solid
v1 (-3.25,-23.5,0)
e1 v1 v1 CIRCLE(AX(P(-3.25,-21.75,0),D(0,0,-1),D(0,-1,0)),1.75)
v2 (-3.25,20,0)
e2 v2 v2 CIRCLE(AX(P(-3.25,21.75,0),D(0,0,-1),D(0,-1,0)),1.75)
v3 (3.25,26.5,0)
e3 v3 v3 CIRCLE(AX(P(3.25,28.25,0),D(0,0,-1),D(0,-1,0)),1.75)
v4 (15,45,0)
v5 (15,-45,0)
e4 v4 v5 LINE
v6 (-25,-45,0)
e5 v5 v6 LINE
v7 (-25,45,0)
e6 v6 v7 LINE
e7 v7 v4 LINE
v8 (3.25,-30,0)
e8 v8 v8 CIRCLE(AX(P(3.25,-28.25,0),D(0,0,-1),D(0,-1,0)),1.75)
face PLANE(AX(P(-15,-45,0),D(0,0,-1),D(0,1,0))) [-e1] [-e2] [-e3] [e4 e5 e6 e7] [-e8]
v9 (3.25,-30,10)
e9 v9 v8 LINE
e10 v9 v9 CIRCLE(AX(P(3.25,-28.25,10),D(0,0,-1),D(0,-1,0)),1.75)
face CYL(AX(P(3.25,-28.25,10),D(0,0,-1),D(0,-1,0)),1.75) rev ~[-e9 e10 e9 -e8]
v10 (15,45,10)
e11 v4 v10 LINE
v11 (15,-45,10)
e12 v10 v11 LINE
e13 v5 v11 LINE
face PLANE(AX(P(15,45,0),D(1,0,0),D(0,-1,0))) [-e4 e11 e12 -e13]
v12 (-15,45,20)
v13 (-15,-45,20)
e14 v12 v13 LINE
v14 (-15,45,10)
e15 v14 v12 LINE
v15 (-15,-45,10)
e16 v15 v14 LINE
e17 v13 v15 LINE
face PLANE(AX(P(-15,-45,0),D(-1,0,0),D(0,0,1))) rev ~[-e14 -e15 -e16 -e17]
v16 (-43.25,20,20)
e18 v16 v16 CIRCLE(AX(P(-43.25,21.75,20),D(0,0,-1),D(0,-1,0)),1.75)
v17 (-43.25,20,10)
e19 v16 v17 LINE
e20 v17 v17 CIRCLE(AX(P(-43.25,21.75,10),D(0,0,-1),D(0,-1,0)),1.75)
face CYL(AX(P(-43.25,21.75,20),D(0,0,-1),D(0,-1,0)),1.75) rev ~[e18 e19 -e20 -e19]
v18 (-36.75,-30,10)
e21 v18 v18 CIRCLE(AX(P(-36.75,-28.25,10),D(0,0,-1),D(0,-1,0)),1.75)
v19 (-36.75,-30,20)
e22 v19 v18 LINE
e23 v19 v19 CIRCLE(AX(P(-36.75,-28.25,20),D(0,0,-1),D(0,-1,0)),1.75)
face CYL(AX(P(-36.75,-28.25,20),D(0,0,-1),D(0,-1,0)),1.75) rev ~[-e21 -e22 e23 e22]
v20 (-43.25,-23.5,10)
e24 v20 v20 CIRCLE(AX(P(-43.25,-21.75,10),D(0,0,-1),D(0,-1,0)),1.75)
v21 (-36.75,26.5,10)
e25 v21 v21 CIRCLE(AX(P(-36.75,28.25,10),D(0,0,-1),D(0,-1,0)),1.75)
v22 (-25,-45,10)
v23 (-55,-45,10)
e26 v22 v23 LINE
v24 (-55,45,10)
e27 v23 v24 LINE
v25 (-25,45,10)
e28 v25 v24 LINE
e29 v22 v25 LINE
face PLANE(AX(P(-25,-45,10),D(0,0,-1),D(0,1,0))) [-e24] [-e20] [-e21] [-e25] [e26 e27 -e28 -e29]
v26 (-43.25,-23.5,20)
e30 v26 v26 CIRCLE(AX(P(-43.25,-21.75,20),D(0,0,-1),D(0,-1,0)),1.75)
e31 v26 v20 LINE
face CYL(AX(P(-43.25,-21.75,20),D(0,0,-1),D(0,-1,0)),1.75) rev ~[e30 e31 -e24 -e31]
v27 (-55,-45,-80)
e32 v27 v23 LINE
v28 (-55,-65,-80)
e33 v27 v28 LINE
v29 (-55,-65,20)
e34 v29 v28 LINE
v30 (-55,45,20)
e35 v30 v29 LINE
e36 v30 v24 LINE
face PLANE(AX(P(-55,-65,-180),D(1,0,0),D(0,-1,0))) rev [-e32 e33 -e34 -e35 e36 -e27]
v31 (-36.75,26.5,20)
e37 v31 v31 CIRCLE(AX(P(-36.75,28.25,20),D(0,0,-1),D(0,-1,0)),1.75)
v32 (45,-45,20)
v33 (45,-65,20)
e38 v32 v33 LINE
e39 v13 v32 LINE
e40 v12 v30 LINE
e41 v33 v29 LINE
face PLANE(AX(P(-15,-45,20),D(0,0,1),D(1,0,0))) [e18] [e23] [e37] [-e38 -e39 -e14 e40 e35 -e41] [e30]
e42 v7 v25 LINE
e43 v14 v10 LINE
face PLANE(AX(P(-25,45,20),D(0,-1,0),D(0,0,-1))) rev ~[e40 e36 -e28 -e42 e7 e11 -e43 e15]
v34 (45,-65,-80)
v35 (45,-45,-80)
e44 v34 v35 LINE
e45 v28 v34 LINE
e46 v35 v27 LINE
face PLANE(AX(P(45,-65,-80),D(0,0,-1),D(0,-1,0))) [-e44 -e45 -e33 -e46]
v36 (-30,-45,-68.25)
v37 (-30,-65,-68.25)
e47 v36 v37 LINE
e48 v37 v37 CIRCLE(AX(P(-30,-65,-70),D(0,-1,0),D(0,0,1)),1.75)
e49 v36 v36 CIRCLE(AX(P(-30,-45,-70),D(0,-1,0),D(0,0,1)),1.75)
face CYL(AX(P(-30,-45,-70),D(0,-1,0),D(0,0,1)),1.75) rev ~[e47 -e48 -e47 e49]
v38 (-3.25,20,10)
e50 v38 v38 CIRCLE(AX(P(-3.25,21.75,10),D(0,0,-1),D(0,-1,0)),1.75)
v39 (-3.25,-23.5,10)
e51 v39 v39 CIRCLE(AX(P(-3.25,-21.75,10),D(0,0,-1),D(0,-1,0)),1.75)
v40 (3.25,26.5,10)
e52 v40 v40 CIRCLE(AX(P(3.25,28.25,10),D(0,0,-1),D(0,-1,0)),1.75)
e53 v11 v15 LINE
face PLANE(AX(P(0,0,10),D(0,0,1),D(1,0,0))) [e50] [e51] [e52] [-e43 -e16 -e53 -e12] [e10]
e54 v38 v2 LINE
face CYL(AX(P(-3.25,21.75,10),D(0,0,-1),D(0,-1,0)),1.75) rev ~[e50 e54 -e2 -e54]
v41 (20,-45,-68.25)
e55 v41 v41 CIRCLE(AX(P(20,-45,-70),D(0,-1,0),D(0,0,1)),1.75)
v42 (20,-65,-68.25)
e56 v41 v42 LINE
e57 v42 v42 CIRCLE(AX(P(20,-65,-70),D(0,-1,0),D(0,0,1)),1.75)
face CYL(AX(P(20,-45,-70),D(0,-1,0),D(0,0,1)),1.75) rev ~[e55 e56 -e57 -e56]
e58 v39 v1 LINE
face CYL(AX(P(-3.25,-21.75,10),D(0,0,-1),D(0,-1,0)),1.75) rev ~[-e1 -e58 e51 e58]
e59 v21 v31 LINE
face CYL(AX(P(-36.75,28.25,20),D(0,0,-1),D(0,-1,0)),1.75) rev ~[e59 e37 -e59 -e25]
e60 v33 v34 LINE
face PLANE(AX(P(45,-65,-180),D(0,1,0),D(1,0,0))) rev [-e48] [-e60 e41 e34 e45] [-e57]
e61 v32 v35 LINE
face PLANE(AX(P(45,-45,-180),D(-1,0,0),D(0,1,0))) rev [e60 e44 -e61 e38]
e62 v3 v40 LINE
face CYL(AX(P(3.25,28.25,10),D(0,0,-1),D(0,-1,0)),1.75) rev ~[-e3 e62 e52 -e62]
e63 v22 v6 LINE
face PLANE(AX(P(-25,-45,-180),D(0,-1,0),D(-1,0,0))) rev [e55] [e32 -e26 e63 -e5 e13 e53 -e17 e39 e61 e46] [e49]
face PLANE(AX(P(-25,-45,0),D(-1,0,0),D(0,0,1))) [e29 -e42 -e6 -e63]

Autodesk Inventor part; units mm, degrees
ref_plane "YZ Plane" through (0, 0, 0) normal (1, 0, 0) x (0, 1, 0)
ref_plane "XZ Plane" through (0, 0, 0) normal (0, 1, 0) x (-1, 0, 0)
ref_plane "XY Plane" through (0, 0, 0) normal (0, 0, 1) x (1, 0, 0)
sketch "Boceto1" plane through (0, 0, 0) normal (0, 0, 1) x (1, 0, 0)
  line L0 (-15, 45) -> (15, 45)
  line L1 (15, 45) -> (15, -45)
  line L2 (15, -45) -> (-15, -45)
  line L3 (-15, -45) -> (-15, 45)
  line L4 (-15, 45) -> (15, -45) construction
  line L5 (15, 45) -> (-15, -45) construction
  point P0 (0, 0)
  dimension "d0" = 30
  dimension "d1" = 90
extrude "Extrusión1" add sketch "Boceto1" along normal blind 10
sketch "Boceto2" plane through (0, 0, 10) normal (0, 0, 1) x (1, 0, 0)
  line L0 (15, 45) -> (15, -45)
  line L1 (5, 30) -> (5, 20)
  line L2 (-5, 30) -> (5, 30)
  line L3 (5, 20) -> (-5, 30) construction
  line L4 (5, 20) -> (-5, 20)
  line L5 (-5, 20) -> (5, 30) construction
  line L6 (-5, 20) -> (-5, 30)
  line L7 (24, 0) -> (9, 0)
  line L8 (-15, -45) -> (15, -45)
  line L9 (5, 25) -> (5.4102, 25)
  circle A0 centre (-3.25, 21.75) radius 1.75
  circle A1 centre (3.25, 28.25) radius 1.75
  line L10 (5, -20) -> (-5, -20)
  circle A2 centre (-3.25, -21.75) radius 1.75
  line L11 (5, -25) -> (5.4102, -25)
  line L12 (5, -30) -> (5, -20)
  line L13 (-5, -30) -> (5, -30)
  line L14 (5, -20) -> (-5, -30) construction
  line L15 (-5, -20) -> (5, -30) construction
  line L16 (-5, -20) -> (-5, -30)
  circle A3 centre (3.25, -28.25) radius 1.75
  line L17 (-15, -45) -> (-15, 45)
  line L18 (15, -45) -> (15, 45) projected
  line L19 (-15, -45) -> (15, -45) projected
  line L20 (-15, 45) -> (15, 45)
  line L21 (-3.25, 28.25) -> (3.25, 21.75)
  line L22 (-3.25, 21.75) -> (3.25, 28.25)
  point P0 (0, 0)
  point P1 (-113, 215)
  point P2 (-5, 25)
  point P3 (-3.25, -21.75)
  point P4 (3.25, -28.25)
  point P5 (-143, 115)
  point P6 (-3.25, -21.75)
  point P7 (-5, -25)
  point P8 (3.25, -28.25)
  point P9 (0, 25)
  point P10 (0, -25)
  dimension "d4" = 1.75
  dimension "d5" = 1.75
  dimension "d6" = 1.75
  dimension "d7" = 1.75
  dimension "d8" = 10
  dimension "d9" = 10
  dimension "d10" = 10
  dimension "d11" = 15
  dimension "d12" = 0
  dimension "d13" = 30
  dimension "d14" = 0
  dimension "d15" = 90
  dimension "d16" = 15
hole "Agujero1" at (3.25, 28.25, 10) at (-3.25, 21.75, 10) at (-3.25, -21.75, 10) at (3.25, -28.25, 10) direction (0, 0, -1) diameter 3.5 end through all
sketch "Boceto3" plane through (-15, -45, 0) normal (-1, 0, 0) x (0, 0, 1)
  line L0 (0, 0) -> (0, 90) projected
  line L1 (0, 90) -> (20, 90)
  line L2 (20, 90) -> (20, 0)
  line L3 (20, 0) -> (0, 0)
  line L4 (0, 0) -> (0, 90)
  point P0 (0, 45)
  dimension "d24" = 20
  dimension "d25" = 90
extrude "Extrusión2" add sketch "Boceto3" along normal blind 10
sketch "Boceto4" plane through (-25, -45, 0) normal (-1, 0, 0) x (0, 0, 1)
  line L0 (20, 90) -> (10, 90) projected
  line L1 (10, 0) -> (10, 90) projected
  line L2 (20, 90) -> (10, 90)
  line L3 (10, 90) -> (10, 0)
  line L4 (10, 0) -> (20, 0)
  line L5 (20, 0) -> (20, 90)
  point P0 (0, 45)
extrude "Extrusión3" add sketch "Boceto4" along normal blind 30
sketch "Boceto5" plane through (-15, -45, 20) normal (0, 0, 1) x (1, 0, 0)
  line L0 (-40, 0) -> (-70, 90)
  line L1 (-70, 90) -> (-40, 0)
  line L2 (-20, 75) -> (-20, 65)
  line L3 (-30, 75) -> (-20, 75)
  line L4 (-20, 65) -> (-30, 75) construction
  line L5 (-20, 65) -> (-30, 65)
  line L6 (-30, 65) -> (-20, 75) construction
  circle A0 centre (-28.25, 66.75) radius 1.75
  line L7 (-30, 65) -> (-30, 75)
  circle A1 centre (-21.75, 73.25) radius 1.75
  line L8 (-40, -20) -> (-40, 90)
  line L9 (-55, 45) -> (-143, 45)
  line L10 (-20, 25) -> (-30, 25)
  circle A2 centre (-28.25, 23.25) radius 1.75
  line L11 (-20, 15) -> (-20, 25)
  line L12 (-20, 25) -> (-30, 15) construction
  line L13 (-30, 25) -> (-20, 15) construction
  line L14 (-30, 25) -> (-30, 15)
  line L15 (-30, 15) -> (-20, 15)
  circle A3 centre (-21.75, 16.75) radius 1.75
  line L16 (-70, 0) -> (-40, 0)
  line L17 (0, 0) -> (-40, 0) projected
  line L18 (-40, 90) -> (-70, 90)
  line L19 (-40, 0) -> (-40, 90) projected
  point P0 (15, 45)
  point P1 (-30, 70)
  point P2 (-20, 70)
  point P3 (-20, 20)
  point P4 (-30, 20)
  point P5 (-55, 0)
  point P6 (-55, 90)
  dimension "d30" = 3.5
  dimension "d31" = 1.75
  dimension "d32" = 1.75
  dimension "d33" = 1.75
  dimension "d34" = 1.75
  dimension "d35" = 10
  dimension "d36" = 10
  dimension "d38" = 10
  dimension "d39" = -41.1096
  dimension "d40" = 15
  dimension "d41" = 0
  dimension "d42" = 15
  dimension "d43" = 90
  dimension "d45" = 0
hole "Agujero2" at (-36.75, 28.25, 20) at (-43.25, 21.75, 20) at (-43.25, -21.75, 20) at (-36.75, -28.25, 20) direction (0, 0, -1) diameter 3.5 end through all
sketch "Boceto6" plane through (-15, -45, 20) normal (0, 0, 1) x (1, 0, 0)
  line L0 (-10, 0) -> (-40, 0) projected
  line L1 (-40, 0) -> (60, 0)
  line L2 (60, 0) -> (60, -20)
  line L3 (60, -20) -> (-40, -20)
  line L4 (-40, -20) -> (-40, 0)
  point P0 (15, 45)
  dimension "d53" = 20
extrude "Extrusión4" add sketch "Boceto6" against normal blind 100
mirror "Simetría1" about plane through (-5, -55, -80) normal (0, 0, -1) of "Extrusión1", "Agujero1", "Extrusión2", "Agujero2", "Extrusión3", "Extrusión4"
ref_plane "Plano de trabajo2" through (45, -65, -80) normal (0, 0, -1) x (-1, 0, 0)
sketch "Boceto7" plane through (-15, -45, 20) normal (0, 1, 0) x (1, 0, 0)
  line L0 (30, 115) -> (30, 85)
  circle A0 centre (35, 90) radius 1.75
  line L1 (30, 85) -> (40, 85)
  line L2 (35, 110) -> (35, 90)
  circle A1 centre (35, 110) radius 1.75
  line L3 (40, 115) -> (30, 85) construction
  line L4 (40, 115) -> (30, 115)
  line L5 (30, 115) -> (40, 85) construction
  line L6 (40, 85) -> (40, 115)
  line L7 (60, 0) -> (60, 200) projected
  line L8 (-40, 0) -> (60, 0) projected
  line L9 (10, 0) -> (10, 134.4524)
  line L10 (-10, 115) -> (-10, 85)
  circle A2 centre (-15, 110) radius 1.75
  line L11 (-20, 115) -> (-10, 115)
  circle A3 centre (-15, 90) radius 1.75
  line L12 (-10, 85) -> (-20, 85)
  line L13 (-20, 115) -> (-10, 85) construction
  line L14 (-10, 115) -> (-20, 85) construction
  line L15 (-20, 85) -> (-20, 115)
  line L16 (-15, 110) -> (-15, 90)
  point P0 (15, 20)
  point P1 (189.1833, 40)
  point P2 (35, 115)
  point P3 (-85.8367, 100)
  point P4 (235.02, 100)
  point P5 (-15, 115)
  dimension "d56" = 5
  dimension "d57" = 5
  dimension "d58" = 3.5
  dimension "d59" = 5
  dimension "d60" = 5
  dimension "d61" = 10
  dimension "d62" = 30
  dimension "d64" = 20
hole "Agujero3" at (-30, -45, -90) at (-30, -45, -70) at (20, -45, -90) at (20, -45, -70) direction (0, -1, 0) diameter 3.5 end through all
split "Dividir1" plane through (45, -65, -80) removes the side toward (0, 0, -1)
properties part number "container_mid_2"
